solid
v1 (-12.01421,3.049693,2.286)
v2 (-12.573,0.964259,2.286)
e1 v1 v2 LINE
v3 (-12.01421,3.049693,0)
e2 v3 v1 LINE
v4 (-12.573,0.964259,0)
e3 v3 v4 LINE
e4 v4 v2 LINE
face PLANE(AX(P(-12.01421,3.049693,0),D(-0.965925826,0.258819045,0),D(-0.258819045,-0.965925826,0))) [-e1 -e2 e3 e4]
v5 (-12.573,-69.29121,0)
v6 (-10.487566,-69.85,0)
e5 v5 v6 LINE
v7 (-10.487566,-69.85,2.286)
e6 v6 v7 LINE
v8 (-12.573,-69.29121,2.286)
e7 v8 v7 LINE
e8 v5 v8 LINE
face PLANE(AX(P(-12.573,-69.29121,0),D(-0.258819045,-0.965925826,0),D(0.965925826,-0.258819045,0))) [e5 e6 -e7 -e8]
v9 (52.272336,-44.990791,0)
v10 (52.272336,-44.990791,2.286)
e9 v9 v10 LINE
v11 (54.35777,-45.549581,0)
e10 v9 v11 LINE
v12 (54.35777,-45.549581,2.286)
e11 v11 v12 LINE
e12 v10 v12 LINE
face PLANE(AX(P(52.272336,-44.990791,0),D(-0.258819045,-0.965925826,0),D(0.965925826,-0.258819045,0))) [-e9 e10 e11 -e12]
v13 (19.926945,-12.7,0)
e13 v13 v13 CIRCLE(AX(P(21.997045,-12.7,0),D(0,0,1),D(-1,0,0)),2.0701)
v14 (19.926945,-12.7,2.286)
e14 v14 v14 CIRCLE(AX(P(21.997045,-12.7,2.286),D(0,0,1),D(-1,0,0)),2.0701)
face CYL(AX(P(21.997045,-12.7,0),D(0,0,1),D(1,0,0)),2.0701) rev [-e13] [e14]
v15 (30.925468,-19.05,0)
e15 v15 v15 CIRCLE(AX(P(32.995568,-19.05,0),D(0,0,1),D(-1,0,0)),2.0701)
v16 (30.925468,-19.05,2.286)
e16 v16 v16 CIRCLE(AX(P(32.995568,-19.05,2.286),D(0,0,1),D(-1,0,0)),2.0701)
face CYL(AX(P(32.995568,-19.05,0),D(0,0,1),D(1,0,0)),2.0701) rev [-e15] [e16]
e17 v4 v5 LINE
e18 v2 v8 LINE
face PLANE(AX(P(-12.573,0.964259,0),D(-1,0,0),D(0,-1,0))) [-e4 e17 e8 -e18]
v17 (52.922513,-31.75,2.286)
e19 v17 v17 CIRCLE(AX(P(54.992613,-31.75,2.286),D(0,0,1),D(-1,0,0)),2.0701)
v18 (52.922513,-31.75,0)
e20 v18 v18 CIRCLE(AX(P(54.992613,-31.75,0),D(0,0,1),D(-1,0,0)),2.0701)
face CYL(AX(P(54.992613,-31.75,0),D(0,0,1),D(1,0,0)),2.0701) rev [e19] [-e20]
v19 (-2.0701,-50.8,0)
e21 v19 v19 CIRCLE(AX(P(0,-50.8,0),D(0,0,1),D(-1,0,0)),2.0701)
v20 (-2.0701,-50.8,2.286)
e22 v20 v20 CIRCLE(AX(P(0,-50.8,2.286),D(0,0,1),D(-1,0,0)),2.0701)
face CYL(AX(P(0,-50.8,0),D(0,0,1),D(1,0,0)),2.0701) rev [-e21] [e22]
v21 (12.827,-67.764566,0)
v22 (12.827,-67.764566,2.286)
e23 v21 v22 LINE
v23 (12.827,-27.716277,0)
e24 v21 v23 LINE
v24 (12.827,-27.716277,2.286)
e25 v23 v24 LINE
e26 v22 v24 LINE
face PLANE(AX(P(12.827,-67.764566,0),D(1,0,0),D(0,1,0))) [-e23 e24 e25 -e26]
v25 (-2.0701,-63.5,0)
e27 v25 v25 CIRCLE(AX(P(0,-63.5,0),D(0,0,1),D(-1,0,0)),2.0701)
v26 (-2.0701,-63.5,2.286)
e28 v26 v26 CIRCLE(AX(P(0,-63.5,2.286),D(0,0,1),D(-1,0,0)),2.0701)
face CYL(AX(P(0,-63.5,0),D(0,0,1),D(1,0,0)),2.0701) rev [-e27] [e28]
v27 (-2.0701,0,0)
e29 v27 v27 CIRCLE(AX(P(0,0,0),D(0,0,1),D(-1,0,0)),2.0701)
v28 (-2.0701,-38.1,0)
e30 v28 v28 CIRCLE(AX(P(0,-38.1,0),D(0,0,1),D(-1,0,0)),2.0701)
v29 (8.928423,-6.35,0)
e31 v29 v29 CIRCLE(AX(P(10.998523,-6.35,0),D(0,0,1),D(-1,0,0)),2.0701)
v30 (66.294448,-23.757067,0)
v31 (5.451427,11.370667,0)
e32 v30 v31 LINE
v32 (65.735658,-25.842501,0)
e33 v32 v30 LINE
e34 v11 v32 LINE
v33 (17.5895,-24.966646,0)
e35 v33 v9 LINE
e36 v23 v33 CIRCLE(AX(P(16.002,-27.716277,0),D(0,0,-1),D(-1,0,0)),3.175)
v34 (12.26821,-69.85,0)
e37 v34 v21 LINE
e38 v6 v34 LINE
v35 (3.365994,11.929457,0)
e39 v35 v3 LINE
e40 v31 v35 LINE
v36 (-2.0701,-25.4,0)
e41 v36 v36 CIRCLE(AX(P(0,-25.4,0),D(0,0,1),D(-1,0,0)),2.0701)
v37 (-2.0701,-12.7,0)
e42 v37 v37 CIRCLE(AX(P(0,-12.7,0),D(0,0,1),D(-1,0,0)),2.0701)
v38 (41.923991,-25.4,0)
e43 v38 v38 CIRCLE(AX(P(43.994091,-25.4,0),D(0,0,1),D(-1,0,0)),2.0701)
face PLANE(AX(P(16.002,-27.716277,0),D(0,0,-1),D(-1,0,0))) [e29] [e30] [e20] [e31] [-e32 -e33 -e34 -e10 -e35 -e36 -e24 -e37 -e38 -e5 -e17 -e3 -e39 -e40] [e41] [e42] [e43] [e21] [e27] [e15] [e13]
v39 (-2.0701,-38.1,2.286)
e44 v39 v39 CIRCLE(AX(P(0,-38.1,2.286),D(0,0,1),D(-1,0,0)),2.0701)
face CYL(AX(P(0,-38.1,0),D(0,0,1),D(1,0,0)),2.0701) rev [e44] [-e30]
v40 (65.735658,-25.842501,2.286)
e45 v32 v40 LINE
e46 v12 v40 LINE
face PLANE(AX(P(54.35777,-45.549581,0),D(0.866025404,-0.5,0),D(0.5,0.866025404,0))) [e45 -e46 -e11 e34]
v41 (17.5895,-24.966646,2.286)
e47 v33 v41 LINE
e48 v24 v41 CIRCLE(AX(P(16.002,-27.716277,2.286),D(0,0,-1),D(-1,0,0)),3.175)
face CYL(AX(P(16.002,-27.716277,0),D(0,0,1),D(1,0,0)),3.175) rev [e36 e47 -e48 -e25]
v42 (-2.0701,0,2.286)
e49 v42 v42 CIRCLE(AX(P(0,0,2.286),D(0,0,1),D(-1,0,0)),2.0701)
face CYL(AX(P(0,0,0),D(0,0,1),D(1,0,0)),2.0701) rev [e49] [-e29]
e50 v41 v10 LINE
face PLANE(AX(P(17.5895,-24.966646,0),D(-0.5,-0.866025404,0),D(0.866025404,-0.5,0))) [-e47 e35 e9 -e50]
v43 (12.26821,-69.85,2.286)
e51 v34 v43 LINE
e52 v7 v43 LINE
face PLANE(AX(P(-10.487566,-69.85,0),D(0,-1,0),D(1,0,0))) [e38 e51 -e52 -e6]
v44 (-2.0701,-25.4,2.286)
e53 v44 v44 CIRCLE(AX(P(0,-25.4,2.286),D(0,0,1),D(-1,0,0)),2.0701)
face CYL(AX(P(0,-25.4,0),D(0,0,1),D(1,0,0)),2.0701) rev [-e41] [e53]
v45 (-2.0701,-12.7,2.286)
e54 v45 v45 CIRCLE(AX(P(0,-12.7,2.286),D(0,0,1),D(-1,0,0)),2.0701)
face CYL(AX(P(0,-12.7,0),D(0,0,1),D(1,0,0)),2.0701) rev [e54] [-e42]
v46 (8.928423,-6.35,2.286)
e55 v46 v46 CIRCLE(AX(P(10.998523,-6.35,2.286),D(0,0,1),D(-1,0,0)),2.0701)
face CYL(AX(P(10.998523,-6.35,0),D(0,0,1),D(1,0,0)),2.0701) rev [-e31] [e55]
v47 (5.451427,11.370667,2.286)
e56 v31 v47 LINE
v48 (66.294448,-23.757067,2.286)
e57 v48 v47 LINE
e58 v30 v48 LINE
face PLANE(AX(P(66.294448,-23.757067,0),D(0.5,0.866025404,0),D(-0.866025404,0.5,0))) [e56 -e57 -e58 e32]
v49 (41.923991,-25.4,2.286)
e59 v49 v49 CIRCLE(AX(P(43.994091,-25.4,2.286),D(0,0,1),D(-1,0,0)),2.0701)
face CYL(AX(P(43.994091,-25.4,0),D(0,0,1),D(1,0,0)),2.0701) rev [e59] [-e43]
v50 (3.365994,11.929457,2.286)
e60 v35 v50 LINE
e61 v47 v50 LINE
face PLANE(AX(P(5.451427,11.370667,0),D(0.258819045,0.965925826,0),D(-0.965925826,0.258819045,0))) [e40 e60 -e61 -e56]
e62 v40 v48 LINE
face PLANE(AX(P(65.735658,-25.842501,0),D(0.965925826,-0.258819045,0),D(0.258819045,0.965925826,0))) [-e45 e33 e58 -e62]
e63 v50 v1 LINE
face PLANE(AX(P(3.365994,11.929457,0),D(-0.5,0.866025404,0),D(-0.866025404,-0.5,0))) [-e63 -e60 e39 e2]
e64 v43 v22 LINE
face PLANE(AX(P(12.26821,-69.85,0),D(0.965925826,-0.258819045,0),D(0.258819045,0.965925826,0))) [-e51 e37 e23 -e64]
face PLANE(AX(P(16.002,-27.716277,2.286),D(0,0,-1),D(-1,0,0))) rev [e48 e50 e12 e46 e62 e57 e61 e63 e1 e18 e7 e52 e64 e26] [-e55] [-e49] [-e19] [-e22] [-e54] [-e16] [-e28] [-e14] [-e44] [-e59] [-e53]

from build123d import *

# Parameters (mm, degrees)
SKETCH1_R           = 2.0701
BOSS_EXTRUDE1_DEPTH = 2.286


with BuildPart() as part:
    # Sketch1 → Boss-Extrude1 (new body)
    with BuildSketch(Plane.XY.offset(2.286)):
        with BuildLine():
            Line((17.5895, -24.966646366), (52.272335755, -44.990790925))
            Line((52.272335755, -44.990790925), (54.357769614, -45.549581243))
            Line((54.357769614, -45.549581243), (65.735657525, -25.842501298))
            Line((65.735657525, -25.842501298), (66.294447843, -23.757067439))
            Line((66.294447843, -23.757067439), (5.451427483, 11.370666744))
            Line((5.451427483, 11.370666744), (3.365993624, 11.929457063))
            Line((3.365993624, 11.929457063), (-12.014209682, 3.049692544))
            Line((-12.014209682, 3.049692544), (-12.573, 0.964258685))
            Line((-12.573, 0.964258685), (-12.573, -69.291209682))
            Line((-12.573, -69.291209682), (-10.487566141, -69.85))
            Line((-10.487566141, -69.85), (12.268209682, -69.85))
            Line((12.268209682, -69.85), (12.827, -67.764566141))
            Line((12.827, -67.764566141), (12.827, -27.716277023))
            ThreePointArc((12.827, -27.716277023), (14.4145, -24.966646366), (17.5895, -24.966646366))
        make_face()
        with Locations((54.99261314, -31.75)):
            Circle(SKETCH1_R, mode=Mode.SUBTRACT)
        with Locations((32.995567884, -19.05)):
            Circle(SKETCH1_R, mode=Mode.SUBTRACT)
        with Locations((0, -50.8)):
            Circle(SKETCH1_R, mode=Mode.SUBTRACT)
        with Locations((0, -25.4)):
            Circle(SKETCH1_R, mode=Mode.SUBTRACT)
        with Locations((10.998522628, -6.35)):
            Circle(SKETCH1_R, mode=Mode.SUBTRACT)
        Circle(SKETCH1_R, mode=Mode.SUBTRACT)
        with Locations((0, -12.7)):
            Circle(SKETCH1_R, mode=Mode.SUBTRACT)
        with Locations((0, -38.1)):
            Circle(SKETCH1_R, mode=Mode.SUBTRACT)
        with Locations((21.997045256, -12.7)):
            Circle(SKETCH1_R, mode=Mode.SUBTRACT)
        with Locations((43.994090512, -25.4)):
            Circle(SKETCH1_R, mode=Mode.SUBTRACT)
        with Locations((0, -63.5)):
            Circle(SKETCH1_R, mode=Mode.SUBTRACT)
    extrude(amount=-BOSS_EXTRUDE1_DEPTH)


solid = part.part
